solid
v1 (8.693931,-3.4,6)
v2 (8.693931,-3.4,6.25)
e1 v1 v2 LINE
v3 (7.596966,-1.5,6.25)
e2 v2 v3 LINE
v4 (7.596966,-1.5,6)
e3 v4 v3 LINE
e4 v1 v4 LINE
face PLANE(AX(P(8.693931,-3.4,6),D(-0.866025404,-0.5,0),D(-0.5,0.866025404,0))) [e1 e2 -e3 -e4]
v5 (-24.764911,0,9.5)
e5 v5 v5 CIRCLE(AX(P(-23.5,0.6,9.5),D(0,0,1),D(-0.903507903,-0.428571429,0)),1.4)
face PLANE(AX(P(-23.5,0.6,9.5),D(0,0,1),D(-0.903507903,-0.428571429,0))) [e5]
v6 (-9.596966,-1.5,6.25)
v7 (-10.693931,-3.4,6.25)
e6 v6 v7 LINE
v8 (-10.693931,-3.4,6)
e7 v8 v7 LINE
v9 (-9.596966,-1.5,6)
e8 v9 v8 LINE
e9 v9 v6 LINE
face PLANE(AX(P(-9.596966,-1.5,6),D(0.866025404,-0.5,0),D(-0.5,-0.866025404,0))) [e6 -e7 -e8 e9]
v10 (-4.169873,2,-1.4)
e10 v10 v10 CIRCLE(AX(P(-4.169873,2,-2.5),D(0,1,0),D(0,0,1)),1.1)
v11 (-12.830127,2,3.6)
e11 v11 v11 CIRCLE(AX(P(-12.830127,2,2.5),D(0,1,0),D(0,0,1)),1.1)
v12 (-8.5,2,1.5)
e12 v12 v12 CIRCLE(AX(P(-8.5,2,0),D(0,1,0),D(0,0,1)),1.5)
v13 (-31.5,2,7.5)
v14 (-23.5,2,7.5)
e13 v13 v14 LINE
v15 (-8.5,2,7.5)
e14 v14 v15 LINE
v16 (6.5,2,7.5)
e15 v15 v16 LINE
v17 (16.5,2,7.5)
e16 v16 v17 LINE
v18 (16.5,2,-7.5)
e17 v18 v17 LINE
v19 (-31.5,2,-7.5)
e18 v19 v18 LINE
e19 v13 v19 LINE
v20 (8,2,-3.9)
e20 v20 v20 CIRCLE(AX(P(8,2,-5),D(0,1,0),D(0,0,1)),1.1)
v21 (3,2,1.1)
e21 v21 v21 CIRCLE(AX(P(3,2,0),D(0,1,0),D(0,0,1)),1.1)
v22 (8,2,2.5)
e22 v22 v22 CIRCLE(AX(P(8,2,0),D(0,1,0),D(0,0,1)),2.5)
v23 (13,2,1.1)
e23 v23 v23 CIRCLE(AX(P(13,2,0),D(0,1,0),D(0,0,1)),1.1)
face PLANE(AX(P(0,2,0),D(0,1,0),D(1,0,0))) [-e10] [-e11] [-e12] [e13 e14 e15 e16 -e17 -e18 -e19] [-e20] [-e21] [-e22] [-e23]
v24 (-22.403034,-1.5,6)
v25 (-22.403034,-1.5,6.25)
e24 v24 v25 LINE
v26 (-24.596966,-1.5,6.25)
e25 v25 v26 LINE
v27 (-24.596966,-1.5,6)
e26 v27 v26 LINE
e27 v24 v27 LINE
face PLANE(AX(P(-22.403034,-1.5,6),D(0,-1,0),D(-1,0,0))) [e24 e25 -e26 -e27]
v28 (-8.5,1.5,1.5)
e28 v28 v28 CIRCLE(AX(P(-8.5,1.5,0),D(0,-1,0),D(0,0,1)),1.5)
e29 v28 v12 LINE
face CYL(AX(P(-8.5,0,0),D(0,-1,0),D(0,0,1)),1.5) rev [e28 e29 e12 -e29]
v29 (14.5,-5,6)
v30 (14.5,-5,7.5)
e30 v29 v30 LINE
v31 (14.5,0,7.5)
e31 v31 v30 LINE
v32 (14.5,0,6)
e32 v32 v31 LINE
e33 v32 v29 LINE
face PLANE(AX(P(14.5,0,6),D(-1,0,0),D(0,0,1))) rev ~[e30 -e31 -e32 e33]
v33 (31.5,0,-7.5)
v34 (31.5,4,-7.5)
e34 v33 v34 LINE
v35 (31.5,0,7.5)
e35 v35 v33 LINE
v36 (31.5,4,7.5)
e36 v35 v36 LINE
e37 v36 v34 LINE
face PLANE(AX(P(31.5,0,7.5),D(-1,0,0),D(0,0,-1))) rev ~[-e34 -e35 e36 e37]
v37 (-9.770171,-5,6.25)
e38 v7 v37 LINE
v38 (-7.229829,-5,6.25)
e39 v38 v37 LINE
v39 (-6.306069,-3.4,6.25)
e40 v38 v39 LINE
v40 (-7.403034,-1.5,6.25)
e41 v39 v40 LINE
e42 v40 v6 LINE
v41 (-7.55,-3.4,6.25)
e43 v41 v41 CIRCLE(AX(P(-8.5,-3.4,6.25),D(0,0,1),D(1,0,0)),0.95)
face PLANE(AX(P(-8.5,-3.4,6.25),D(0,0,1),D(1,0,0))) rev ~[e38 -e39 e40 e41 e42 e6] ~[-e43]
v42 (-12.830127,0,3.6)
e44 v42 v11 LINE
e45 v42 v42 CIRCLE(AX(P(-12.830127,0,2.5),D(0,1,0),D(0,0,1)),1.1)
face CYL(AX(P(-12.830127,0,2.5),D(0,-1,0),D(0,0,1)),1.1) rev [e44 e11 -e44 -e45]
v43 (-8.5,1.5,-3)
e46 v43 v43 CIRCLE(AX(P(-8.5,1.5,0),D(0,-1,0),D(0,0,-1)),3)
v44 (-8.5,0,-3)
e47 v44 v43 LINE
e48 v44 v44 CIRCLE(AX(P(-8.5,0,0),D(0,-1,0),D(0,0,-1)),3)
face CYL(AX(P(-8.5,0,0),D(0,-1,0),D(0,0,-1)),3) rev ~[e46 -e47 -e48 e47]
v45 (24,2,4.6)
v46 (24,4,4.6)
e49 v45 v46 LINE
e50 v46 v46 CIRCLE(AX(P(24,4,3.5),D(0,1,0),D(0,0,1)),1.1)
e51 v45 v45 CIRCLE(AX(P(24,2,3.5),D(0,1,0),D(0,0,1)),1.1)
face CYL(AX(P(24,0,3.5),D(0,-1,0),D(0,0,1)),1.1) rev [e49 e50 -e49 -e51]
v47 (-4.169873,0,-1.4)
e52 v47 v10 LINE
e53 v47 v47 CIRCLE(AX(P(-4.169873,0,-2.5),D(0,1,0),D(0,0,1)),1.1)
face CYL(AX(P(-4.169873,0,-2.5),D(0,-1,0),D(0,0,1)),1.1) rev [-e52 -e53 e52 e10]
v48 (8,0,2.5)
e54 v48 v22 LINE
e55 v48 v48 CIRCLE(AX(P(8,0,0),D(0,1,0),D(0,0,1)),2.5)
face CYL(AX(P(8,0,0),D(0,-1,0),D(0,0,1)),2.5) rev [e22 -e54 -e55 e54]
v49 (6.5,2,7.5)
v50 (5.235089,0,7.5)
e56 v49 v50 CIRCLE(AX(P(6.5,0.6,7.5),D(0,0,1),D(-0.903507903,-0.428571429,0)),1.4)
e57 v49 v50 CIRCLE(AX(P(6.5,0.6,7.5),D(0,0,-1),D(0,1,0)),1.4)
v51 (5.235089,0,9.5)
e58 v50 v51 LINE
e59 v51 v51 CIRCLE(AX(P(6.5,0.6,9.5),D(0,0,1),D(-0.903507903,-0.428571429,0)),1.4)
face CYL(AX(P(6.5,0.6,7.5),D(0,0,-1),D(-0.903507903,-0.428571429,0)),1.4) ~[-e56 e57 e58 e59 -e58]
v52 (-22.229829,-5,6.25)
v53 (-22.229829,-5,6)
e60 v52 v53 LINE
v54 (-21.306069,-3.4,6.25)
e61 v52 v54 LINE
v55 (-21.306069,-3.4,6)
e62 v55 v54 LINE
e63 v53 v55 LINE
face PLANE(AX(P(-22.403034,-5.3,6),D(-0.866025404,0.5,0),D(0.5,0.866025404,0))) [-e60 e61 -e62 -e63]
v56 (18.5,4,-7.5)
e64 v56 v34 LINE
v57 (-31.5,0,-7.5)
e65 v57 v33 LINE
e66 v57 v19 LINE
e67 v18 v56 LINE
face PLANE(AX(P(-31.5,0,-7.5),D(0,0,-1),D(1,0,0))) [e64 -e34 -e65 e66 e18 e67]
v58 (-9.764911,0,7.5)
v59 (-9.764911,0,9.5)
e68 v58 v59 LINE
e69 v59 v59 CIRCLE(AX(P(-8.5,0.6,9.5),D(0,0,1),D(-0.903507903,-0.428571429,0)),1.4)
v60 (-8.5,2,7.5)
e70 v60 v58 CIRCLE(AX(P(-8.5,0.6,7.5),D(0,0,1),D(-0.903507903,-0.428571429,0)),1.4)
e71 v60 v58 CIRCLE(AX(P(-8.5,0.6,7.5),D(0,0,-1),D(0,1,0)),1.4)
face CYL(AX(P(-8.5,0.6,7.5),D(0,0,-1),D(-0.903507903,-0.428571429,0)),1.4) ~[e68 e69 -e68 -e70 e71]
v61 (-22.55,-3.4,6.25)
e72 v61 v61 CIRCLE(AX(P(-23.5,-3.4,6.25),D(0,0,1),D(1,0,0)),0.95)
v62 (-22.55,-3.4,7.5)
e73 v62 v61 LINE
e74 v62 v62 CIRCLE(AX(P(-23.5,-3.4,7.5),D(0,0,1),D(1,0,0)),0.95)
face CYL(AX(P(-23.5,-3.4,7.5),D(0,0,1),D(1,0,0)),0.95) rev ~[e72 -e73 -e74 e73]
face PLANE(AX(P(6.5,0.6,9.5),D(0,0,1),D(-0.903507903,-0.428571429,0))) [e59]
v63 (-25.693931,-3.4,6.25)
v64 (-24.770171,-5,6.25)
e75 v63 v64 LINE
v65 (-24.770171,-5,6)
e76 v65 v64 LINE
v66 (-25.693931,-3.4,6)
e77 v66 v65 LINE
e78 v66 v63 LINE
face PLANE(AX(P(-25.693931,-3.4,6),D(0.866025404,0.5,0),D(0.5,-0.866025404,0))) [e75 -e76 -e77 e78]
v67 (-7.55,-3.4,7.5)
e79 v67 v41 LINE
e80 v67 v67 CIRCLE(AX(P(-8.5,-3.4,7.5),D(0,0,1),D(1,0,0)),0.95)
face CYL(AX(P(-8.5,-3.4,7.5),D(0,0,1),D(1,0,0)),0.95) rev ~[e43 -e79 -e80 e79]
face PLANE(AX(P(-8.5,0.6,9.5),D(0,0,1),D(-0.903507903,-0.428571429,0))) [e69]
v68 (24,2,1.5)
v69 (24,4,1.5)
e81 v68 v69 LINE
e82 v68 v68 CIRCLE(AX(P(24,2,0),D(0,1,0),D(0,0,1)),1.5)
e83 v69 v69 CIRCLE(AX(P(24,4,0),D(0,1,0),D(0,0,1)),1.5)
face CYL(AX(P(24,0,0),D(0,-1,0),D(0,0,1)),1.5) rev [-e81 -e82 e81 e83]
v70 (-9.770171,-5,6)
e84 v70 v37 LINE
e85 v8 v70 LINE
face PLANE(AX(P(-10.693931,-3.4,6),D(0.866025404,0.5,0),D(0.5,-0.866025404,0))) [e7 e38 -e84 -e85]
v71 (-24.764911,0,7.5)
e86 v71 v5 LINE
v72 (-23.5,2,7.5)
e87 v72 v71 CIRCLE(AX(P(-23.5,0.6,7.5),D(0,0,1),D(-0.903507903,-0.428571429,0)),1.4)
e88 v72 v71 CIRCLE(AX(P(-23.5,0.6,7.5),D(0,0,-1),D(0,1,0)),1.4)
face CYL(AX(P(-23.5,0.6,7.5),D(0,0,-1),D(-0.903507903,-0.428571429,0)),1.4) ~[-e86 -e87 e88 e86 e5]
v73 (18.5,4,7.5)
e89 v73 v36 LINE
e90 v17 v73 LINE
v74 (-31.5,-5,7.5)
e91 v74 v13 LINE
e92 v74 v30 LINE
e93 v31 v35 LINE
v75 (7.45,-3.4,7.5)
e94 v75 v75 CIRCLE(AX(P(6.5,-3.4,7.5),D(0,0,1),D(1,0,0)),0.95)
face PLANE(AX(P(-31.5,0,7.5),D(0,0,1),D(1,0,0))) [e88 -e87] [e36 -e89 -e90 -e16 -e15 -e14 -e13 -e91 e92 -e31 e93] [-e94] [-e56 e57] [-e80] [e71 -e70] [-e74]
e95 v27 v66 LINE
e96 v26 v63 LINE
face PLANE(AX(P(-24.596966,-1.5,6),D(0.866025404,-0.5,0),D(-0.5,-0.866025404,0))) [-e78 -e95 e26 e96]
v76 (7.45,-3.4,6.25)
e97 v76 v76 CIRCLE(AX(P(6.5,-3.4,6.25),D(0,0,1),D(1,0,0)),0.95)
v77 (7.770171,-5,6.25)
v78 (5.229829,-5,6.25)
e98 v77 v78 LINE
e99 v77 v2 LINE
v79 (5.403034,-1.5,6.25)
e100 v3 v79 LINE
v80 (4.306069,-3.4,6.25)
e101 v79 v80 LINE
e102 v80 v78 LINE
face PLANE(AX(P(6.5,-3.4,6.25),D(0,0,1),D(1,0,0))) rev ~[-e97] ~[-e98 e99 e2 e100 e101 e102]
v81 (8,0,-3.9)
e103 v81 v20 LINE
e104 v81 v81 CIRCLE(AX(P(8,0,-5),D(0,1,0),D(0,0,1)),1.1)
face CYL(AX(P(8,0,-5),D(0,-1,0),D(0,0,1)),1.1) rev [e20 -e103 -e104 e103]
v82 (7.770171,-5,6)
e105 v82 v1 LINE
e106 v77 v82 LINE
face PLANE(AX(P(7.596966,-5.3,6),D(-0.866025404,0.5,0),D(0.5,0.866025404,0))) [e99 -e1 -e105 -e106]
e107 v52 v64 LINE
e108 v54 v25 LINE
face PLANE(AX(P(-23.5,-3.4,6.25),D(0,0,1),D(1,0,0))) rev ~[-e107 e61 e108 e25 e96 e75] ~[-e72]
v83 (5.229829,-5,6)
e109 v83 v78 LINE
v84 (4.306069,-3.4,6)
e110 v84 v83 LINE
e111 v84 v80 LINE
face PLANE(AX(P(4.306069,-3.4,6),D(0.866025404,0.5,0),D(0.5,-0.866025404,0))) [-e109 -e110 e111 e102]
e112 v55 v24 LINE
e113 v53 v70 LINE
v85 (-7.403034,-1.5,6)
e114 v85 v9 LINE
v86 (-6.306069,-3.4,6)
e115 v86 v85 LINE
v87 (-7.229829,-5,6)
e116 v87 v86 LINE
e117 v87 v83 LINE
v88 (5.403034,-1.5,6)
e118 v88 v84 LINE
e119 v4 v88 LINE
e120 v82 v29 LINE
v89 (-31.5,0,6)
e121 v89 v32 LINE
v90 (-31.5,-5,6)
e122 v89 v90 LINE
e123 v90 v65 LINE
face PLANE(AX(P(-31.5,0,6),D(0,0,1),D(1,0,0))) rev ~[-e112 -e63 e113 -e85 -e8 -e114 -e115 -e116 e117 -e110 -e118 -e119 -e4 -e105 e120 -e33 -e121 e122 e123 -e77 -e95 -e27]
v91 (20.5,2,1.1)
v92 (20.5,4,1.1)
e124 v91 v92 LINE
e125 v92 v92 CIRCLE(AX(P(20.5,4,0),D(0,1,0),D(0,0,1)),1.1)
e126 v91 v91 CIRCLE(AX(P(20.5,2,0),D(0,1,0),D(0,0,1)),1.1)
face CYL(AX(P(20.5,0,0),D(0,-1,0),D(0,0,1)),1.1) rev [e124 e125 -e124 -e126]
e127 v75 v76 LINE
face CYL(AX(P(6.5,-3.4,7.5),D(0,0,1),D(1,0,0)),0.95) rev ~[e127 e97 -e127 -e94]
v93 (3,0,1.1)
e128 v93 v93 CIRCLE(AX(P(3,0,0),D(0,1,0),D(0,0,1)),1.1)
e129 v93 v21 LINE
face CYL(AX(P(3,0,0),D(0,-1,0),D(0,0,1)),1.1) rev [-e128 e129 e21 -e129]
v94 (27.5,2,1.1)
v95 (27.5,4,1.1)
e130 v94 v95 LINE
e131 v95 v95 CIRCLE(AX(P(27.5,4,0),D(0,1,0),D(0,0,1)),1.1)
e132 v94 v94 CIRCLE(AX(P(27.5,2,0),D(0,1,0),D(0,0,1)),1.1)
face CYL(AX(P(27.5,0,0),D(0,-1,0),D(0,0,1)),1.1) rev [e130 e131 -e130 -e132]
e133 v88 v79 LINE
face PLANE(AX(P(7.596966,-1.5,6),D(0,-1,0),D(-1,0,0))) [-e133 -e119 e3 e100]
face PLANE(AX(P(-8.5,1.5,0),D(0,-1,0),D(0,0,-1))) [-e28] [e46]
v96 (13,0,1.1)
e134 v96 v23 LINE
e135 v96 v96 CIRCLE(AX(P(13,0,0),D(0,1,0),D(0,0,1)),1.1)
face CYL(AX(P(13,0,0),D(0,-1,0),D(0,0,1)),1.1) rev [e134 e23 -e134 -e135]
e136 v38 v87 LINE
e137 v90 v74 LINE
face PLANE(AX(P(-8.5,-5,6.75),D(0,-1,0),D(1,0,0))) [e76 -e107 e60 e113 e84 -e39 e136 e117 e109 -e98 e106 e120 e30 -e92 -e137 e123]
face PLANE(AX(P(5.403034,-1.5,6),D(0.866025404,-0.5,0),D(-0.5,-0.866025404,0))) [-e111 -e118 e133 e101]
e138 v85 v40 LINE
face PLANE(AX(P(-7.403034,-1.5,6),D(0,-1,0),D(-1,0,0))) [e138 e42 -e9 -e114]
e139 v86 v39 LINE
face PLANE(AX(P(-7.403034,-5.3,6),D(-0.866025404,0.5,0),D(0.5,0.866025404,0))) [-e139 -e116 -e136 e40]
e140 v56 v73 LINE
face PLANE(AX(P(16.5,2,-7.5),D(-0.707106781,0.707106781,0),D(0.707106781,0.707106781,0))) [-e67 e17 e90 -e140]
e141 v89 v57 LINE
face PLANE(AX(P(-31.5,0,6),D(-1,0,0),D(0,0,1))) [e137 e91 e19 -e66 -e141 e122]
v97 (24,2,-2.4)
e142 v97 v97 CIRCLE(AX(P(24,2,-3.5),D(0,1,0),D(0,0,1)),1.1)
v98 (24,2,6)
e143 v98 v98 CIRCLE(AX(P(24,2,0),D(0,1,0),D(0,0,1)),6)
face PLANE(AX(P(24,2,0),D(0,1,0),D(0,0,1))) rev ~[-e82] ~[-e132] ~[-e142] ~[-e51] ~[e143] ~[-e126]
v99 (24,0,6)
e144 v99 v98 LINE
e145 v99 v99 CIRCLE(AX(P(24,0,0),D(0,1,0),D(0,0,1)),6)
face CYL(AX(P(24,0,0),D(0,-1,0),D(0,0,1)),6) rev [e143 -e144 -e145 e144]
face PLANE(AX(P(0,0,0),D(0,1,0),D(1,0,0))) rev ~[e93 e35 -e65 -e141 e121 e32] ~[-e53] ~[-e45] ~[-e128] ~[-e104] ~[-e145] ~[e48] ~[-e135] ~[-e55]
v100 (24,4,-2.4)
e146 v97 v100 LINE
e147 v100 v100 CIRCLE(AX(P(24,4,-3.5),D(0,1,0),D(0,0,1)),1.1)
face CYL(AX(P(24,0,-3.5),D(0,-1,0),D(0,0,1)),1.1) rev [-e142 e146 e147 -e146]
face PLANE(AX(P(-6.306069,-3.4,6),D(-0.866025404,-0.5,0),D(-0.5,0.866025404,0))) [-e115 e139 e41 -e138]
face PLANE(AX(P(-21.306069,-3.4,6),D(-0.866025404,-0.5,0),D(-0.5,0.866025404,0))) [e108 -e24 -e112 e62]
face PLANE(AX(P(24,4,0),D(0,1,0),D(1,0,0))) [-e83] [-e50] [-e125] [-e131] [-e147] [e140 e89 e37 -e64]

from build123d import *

# Parameters (mm, degrees)
SKETCH_1_W          = 63
SKETCH_1_H          = 15
SKETCH_1_R          = 1.1
SKETCH_1_R_2        = 1.5
SKETCH_1_R_3        = 2.5
EXTRUDE_1_DEPTH     = 2
SKETCH_2_R          = 1.4
EXTRUDE_2_DEPTH     = 2
SKETCH_3_R          = 3
CUT_EXTRUDE_1_DEPTH = 1.5
SKETCH_4_W          = 46
SKETCH_4_H          = 1.5
EXTRUDE_3_DEPTH     = 5
SKETCH_2_3_R        = 0.95
CUT_EXTRUDE_2_DEPTH = 1.5
CUT_EXTRUDE_3_DEPTH = 0.25
SKETCH_1_7_W        = 15
SKETCH_1_7_H        = 15
SKETCH_1_7_R        = 1.5
SKETCH_1_7_R_2      = 1.1
EXTRUDE_4_DEPTH     = 4
SKETCH_1_8_R        = 6
SKETCH_1_8_R_2      = 1.5
SKETCH_1_8_R_3      = 1.1
CUT_EXTRUDE_4_DEPTH = 2
CUT_EXTRUDE_5_DEPTH = 15


with BuildPart() as part:
    # 草图1 → 凸台-拉伸1 (new body)
    with BuildSketch(Plane(origin=(0, 0, 0), x_dir=(1, 0, 0), z_dir=(0, 1, 0))):
        Rectangle(SKETCH_1_W, SKETCH_1_H)
        with Locations(Location((-12.830127019, -2.5, 0), (0, 0, 270))):
            Circle(SKETCH_1_R, mode=Mode.SUBTRACT)
        with Locations(Location((3, 0, 0), (0, 0, 270))):
            Circle(SKETCH_1_R, mode=Mode.SUBTRACT)
        with Locations(Location((-8.5, 0, 0), (0, 0, 270))):
            Circle(SKETCH_1_R_2, mode=Mode.SUBTRACT)
        with Locations(Location((-4.169872981, 2.5, 0), (0, 0, 270))):
            Circle(SKETCH_1_R, mode=Mode.SUBTRACT)
        with Locations(Location((8, 0, 0), (0, 0, 270))):
            Circle(SKETCH_1_R_3, mode=Mode.SUBTRACT)
        with Locations(Location((13, 0, 0), (0, 0, 270))):
            Circle(SKETCH_1_R, mode=Mode.SUBTRACT)
        with Locations(Location((8, 5, 0), (0, 0, 270))):
            Circle(SKETCH_1_R, mode=Mode.SUBTRACT)
        with Locations(Location((24, 3.5, 0), (0, 0, 270))):
            Circle(SKETCH_1_R, mode=Mode.SUBTRACT)
        with Locations(Location((24, -3.5, 0), (0, 0, 270))):
            Circle(SKETCH_1_R, mode=Mode.SUBTRACT)
        with Locations(Location((20.5, 0, 0), (0, 0, 270))):
            Circle(SKETCH_1_R, mode=Mode.SUBTRACT)
        with Locations(Location((24, 0, 0), (0, 0, 270))):
            Circle(SKETCH_1_R_2, mode=Mode.SUBTRACT)
        with Locations(Location((27.5, 0, 0), (0, 0, 270))):
            Circle(SKETCH_1_R, mode=Mode.SUBTRACT)
    extrude(amount=EXTRUDE_1_DEPTH)

    # 草图2 → 凸台-拉伸2 (add)
    with BuildSketch(Plane.XY.offset(7.5)):
        with Locations(Location((-23.5, 0.6, 0), (0, 0, 205.376933525))):
            Circle(SKETCH_2_R)
        with Locations(Location((-8.5, 0.6, 0), (0, 0, 205.376933525))):
            Circle(SKETCH_2_R)
        with Locations(Location((6.5, 0.6, 0), (0, 0, 205.376933525))):
            Circle(SKETCH_2_R)
    extrude(amount=EXTRUDE_2_DEPTH)

    # 草图3 → 切除-拉伸1 (cut)
    with BuildSketch(Plane.XZ):
        with Locations(Location((-8.5, 0, 0), (0, 0, 270))):
            Circle(SKETCH_3_R)
    extrude(amount=-CUT_EXTRUDE_1_DEPTH, mode=Mode.SUBTRACT)

    # 草图4 → 凸台-拉伸3 (add)
    with BuildSketch(Plane.XZ):
        with Locations((-8.5, 6.75)):
            Rectangle(SKETCH_4_W, SKETCH_4_H)
    extrude(amount=EXTRUDE_3_DEPTH)

    # 草图2<3> → 切除-拉伸2 (cut)
    with BuildSketch(Plane.XY.offset(7.5)):
        with Locations((-23.5, -3.4)):
            Circle(SKETCH_2_3_R)
        with Locations((-8.5, -3.4)):
            Circle(SKETCH_2_3_R)
        with Locations((6.5, -3.4)):
            Circle(SKETCH_2_3_R)
    extrude(amount=-CUT_EXTRUDE_2_DEPTH, mode=Mode.SUBTRACT)

    # 草图5 → 切除-拉伸3 (cut)
    with BuildSketch(Plane(origin=(0, 0, 6), x_dir=(-1, 0, 0), z_dir=(0, 0, -1))):
        Polygon((22.403034489, -1.5), (24.596965511, -1.5), (25.693931023, -3.4), (24.596965511, -5.3), (22.403034489, -5.3), (21.306068977, -3.4), align=None)
        Polygon((6.306068977, -3.4), (7.403034489, -1.5), (9.596965511, -1.5), (10.693931023, -3.4), (9.596965511, -5.3), (7.403034489, -5.3), align=None)
        Polygon((-8.693931023, -3.4), (-7.596965511, -1.5), (-5.403034489, -1.5), (-4.306068977, -3.4), (-5.403034489, -5.3), (-7.596965511, -5.3), align=None)
    extrude(amount=-CUT_EXTRUDE_3_DEPTH, mode=Mode.SUBTRACT)

    # 草图1<7> → 凸台-拉伸4 (add)
    with BuildSketch(Plane(origin=(0, 0, 0), x_dir=(1, 0, 0), z_dir=(0, 1, 0))):
        with Locations((24, 0)):
            Rectangle(SKETCH_1_7_W, SKETCH_1_7_H)
        with Locations(Location((24, 0, 0), (0, 0, 270))):
            Circle(SKETCH_1_7_R, mode=Mode.SUBTRACT)
        with Locations(Location((27.5, 0, 0), (0, 0, 270))):
            Circle(SKETCH_1_7_R_2, mode=Mode.SUBTRACT)
        with Locations(Location((24, -3.5, 0), (0, 0, 270))):
            Circle(SKETCH_1_7_R_2, mode=Mode.SUBTRACT)
        with Locations(Location((20.5, 0, 0), (0, 0, 270))):
            Circle(SKETCH_1_7_R_2, mode=Mode.SUBTRACT)
        with Locations(Location((24, 3.5, 0), (0, 0, 270))):
            Circle(SKETCH_1_7_R_2, mode=Mode.SUBTRACT)
    extrude(amount=EXTRUDE_4_DEPTH)

    # 草图1<8> → 切除-拉伸4 (cut)
    with BuildSketch(Plane(origin=(0, 0, 0), x_dir=(1, 0, 0), z_dir=(0, 1, 0))):
        with Locations(Location((24, 0, 0), (0, 0, 270))):
            Circle(SKETCH_1_8_R)
        with Locations(Location((24, 0, 0), (0, 0, 270))):
            Circle(SKETCH_1_8_R_2, mode=Mode.SUBTRACT)
        with Locations(Location((27.5, 0, 0), (0, 0, 270))):
            Circle(SKETCH_1_8_R_3, mode=Mode.SUBTRACT)
        with Locations(Location((24, -3.5, 0), (0, 0, 270))):
            Circle(SKETCH_1_8_R_3, mode=Mode.SUBTRACT)
        with Locations(Location((20.5, 0, 0), (0, 0, 270))):
            Circle(SKETCH_1_8_R_3, mode=Mode.SUBTRACT)
        with Locations(Location((24, 3.5, 0), (0, 0, 270))):
            Circle(SKETCH_1_8_R_3, mode=Mode.SUBTRACT)
    extrude(amount=CUT_EXTRUDE_4_DEPTH, mode=Mode.SUBTRACT)

    # 草图6 → 切除-拉伸5 (cut)
    with BuildSketch(Plane(origin=(0, 0, -7.5), x_dir=(-1, 0, 0), z_dir=(0, 0, -1))):
        Polygon((-16.5, 2), (-18.5, 4), (-16.5, 4), align=None)
    extrude(amount=-CUT_EXTRUDE_5_DEPTH, mode=Mode.SUBTRACT)


solid = part.part
